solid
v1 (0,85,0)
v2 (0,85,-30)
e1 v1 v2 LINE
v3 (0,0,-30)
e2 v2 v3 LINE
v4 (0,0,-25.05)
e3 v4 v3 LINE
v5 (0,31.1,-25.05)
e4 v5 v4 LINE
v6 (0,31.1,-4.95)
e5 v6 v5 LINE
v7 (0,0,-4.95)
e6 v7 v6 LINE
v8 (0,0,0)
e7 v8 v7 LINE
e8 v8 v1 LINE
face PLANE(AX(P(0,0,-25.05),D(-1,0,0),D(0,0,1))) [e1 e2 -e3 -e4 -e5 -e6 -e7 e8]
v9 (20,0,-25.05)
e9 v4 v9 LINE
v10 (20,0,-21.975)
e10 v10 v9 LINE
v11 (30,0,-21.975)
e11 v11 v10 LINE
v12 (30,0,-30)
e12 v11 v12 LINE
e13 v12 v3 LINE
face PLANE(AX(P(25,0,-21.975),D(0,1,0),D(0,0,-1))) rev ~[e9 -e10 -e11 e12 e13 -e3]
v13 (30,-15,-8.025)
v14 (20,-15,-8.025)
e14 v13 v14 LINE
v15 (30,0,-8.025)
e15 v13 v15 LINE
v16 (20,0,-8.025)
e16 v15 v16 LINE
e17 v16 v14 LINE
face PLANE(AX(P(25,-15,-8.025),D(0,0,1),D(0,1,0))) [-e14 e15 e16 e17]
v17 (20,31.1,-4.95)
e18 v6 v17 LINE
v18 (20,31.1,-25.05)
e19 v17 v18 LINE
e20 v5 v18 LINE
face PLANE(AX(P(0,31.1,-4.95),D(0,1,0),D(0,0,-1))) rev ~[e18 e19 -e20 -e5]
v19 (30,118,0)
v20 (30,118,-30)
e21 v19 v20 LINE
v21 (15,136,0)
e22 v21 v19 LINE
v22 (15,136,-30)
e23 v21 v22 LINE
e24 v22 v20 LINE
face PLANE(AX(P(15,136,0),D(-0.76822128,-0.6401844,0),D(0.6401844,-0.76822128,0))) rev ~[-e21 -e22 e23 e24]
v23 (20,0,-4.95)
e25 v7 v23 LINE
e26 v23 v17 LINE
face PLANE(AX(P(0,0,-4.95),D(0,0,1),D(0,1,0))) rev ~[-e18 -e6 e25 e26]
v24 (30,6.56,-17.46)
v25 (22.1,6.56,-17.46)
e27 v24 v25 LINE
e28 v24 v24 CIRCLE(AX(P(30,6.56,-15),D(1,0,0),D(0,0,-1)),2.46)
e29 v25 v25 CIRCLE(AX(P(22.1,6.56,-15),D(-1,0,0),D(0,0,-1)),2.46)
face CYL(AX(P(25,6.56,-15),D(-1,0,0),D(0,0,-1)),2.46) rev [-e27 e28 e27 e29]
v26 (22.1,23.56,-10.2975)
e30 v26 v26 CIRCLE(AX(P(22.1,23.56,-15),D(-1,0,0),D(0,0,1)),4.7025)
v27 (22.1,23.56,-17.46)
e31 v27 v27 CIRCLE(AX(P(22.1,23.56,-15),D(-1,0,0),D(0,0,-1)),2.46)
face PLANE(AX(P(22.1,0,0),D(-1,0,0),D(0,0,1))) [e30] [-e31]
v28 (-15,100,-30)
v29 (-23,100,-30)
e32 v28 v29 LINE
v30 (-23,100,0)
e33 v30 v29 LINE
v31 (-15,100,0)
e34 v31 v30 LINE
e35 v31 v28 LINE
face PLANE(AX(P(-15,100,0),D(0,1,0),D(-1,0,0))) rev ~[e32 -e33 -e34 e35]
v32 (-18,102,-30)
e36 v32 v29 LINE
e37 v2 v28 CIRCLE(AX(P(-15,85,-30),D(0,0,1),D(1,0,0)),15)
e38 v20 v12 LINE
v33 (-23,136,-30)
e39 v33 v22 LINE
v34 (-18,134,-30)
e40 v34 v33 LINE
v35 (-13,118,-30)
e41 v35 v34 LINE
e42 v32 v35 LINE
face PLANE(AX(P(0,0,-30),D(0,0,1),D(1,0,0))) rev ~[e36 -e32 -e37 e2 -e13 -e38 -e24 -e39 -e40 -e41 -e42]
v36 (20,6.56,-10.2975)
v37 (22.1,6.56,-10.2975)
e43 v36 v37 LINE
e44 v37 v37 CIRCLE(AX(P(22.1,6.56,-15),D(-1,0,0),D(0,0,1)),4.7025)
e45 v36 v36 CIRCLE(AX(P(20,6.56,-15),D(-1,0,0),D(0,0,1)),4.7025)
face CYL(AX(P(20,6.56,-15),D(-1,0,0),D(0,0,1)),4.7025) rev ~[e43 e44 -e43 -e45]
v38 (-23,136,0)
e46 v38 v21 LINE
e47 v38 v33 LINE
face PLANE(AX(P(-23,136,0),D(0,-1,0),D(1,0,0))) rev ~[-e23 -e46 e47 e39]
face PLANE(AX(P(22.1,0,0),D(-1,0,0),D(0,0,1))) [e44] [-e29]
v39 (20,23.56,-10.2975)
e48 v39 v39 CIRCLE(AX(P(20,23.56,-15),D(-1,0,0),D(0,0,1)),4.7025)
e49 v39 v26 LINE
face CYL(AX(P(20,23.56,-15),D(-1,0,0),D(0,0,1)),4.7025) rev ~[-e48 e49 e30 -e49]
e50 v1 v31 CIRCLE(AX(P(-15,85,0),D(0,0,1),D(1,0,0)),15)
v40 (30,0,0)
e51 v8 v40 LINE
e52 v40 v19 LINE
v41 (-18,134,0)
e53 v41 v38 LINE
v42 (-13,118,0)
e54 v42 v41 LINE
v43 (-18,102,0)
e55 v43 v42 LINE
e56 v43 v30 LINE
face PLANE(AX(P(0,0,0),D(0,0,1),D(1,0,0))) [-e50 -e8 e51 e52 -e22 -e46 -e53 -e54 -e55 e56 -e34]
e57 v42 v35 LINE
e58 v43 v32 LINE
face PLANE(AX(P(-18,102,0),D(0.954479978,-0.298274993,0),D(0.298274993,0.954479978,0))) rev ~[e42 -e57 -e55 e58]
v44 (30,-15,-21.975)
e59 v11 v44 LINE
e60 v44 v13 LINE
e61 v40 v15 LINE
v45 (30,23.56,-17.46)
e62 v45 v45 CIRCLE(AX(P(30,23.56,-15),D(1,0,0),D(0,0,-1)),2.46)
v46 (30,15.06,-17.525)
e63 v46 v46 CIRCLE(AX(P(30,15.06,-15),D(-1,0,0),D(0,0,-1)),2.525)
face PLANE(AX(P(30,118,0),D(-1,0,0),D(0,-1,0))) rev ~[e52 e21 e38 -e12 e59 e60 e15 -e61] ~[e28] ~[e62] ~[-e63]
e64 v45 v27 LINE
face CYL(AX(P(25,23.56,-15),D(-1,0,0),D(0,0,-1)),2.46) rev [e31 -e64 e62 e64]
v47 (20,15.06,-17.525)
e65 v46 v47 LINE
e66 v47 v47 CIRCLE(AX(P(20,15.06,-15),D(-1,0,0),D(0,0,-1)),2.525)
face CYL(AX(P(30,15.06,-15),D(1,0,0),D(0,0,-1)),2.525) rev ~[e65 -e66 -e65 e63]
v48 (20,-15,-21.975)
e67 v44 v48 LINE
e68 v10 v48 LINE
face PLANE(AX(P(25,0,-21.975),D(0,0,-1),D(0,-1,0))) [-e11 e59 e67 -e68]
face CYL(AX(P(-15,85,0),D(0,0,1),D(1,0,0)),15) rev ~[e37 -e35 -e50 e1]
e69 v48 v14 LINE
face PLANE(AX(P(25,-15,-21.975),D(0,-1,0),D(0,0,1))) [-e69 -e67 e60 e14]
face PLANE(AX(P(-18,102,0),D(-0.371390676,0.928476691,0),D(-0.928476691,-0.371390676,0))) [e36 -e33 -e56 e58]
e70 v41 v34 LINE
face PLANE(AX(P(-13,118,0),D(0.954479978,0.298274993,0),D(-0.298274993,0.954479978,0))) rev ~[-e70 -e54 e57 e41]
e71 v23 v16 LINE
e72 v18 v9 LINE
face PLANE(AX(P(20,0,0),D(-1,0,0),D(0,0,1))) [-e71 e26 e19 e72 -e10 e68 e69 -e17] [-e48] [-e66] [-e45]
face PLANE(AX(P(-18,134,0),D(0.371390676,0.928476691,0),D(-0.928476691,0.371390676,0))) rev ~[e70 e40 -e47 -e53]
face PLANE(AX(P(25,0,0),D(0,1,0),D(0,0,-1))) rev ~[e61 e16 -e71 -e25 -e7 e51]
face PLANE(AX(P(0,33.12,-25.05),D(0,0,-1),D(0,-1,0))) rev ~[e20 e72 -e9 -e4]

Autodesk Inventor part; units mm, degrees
ref_plane "YZ Plane" through (0, 0, 0) normal (1, 0, 0) x (0, 1, 0)
ref_plane "XZ Plane" through (0, 0, 0) normal (0, 1, 0) x (-1, 0, 0)
ref_plane "XY Plane" through (0, 0, 0) normal (0, 0, 1) x (1, 0, 0)
sketch "Sketch1" plane through (0, 0, 0) normal (0, 0, 1) x (1, 0, 0)
  line L0 (0, 0) -> (25, 0)
  line L1 (25, 0) -> (25, 40)
  line L2 (25, 40) -> (0, 40)
  line L3 (0, 40) -> (0, 0)
  dimension "d1" = 25
  dimension "d2" = 40
  dimension "d3" = 25
extrude "Extrusion1" add sketch "Sketch1" against normal blind 30
sketch "Sketch2" plane through (25, 0, 0) normal (1, 0, 0) x (0, 0, -1)
  line L0 (0, 0) -> (30, 0) projected
  circle A0 centre (15, 6.56) radius 2.46
extrude "Extrusion2" cut sketch "Sketch2" against normal blind 30
sketch "Sketch3" plane through (0, 0, 0) normal (-1, 0, 0) x (0, 0, 1)
  line L0 (0, 0) -> (-30, 0) projected
  line L1 (-25.05, 0) -> (-4.95, 0)
  line L2 (-4.95, 0) -> (-4.95, 33.12)
  line L3 (-4.95, 33.12) -> (-25.05, 33.12)
  line L4 (-25.05, 33.12) -> (-25.05, 0)
  dimension "d11" = 20.1
extrude "Extrusion3" cut sketch "Sketch3" against normal blind 20
sketch "Sketch4" plane through (0, 0, 0) normal (0, -1, 0) x (1, 0, 0)
  line L0 (20, -4.95) -> (20, -25.05) projected
  line L1 (20, -15) -> (25, -15)
  line L2 (25, 0) -> (25, -30) projected
  line L3 (20, -8.025) -> (25, -8.025)
  line L4 (25, -8.025) -> (25, -21.975)
  line L5 (25, -21.975) -> (20, -21.975)
  line L6 (20, -21.975) -> (20, -8.025)
  line L7 (20, -8.025) -> (25, -21.975) construction
  line L8 (25, -8.025) -> (20, -21.975) construction
  line L9 (25, -12.54) -> (25, -17.46) projected
  point P0 (0, 0)
  point P1 (22.5, -15)
  dimension "d14" = 13.95
extrude "Extrusion4" add sketch "Sketch4" along normal blind 15
sketch "Sketch5" plane through (20, 0, 0) normal (-1, 0, 0) x (0, 0, 1)
  circle A0 centre (-15, 6.56) radius 2.46 projected
  circle A1 centre (-15, 6.56) radius 4.7025
  circle A2 centre (-15, 6.56) radius 2.46 projected
  circle A3 centre (-15, 6.56) radius 2.46
  point P0 (0, 0)
  dimension "d17" = 9.405
extrude "Extrusion5" cut sketch "Sketch5" against normal blind 2.1
sketch "Sketch6" plane through (25, 0, 0) normal (1, 0, 0) x (0, 0, -1)
  circle A0 centre (15, 6.56) radius 4.7025 projected
  line L0 (15, 6.56) -> (15, 23.56)
  circle A1 centre (15, 23.56) radius 2.46
  point P0 (0, 0)
  dimension "d20" = 17
  dimension "d21" = 4.92
extrude "Extrusion6" cut sketch "Sketch6" against normal blind 10 contours A1
sketch "Sketch7" plane through (20, 0, 0) normal (-1, 0, 0) x (0, 0, 1)
  circle A0 centre (-15, 23.56) radius 2.46 projected
  circle A1 centre (-15, 23.56) radius 4.7025
  point P0 (0, 0)
  dimension "d24" = 9.405
extrude "Extrusion7" cut sketch "Sketch7" against normal blind 2.1
sketch "Sketch9" plane through (25, 0, 0) normal (1, 0, 0) x (0, 0, -1)
  circle A0 centre (15, 6.56) radius 2.46 projected
  circle A1 centre (15, 6.56) radius 2.46
  circle A2 centre (15, 23.56) radius 2.46 projected
  circle A3 centre (15, 23.56) radius 2.46
  line L0 (30, 40) -> (30, 0) projected
  line L1 (30, 0) -> (30, 40)
  line L2 (30, 40) -> (0, 40)
  line L3 (0, 40) -> (0, 0)
  line L4 (0, 0) -> (8.025, 0) projected
  line L5 (21.975, 0) -> (21.975, -15)
  line L6 (21.975, -15) -> (8.025, -15)
  line L7 (8.025, -15) -> (8.025, 0)
  line L8 (0, 0) -> (8.025, 0)
  line L9 (21.975, 0) -> (30, 0)
extrude "Extrusion8" add sketch "Sketch9" along normal blind 5
sketch "Sketch10" plane through (0, 40, 0) normal (0, 1, 0) x (1, 0, 0)
  line L0 (0, 30) -> (30, 30) projected
  line L1 (30, 0) -> (0, 0) projected
  line L2 (0, 30) -> (30, 30)
  line L3 (30, 30) -> (30, 0)
  line L4 (30, 0) -> (0, 0)
  line L5 (0, 0) -> (0, 30)
extrude "Extrusion9" add sketch "Sketch10" along normal blind 30
sketch "Sketch12" plane through (30, 0, 0) normal (1, 0, 0) x (0, 0, -1)
  circle A0 centre (15, 6.56) radius 2.46 projected
  line L0 (15, 6.56) -> (15, 15.06)
  circle A1 centre (15, 15.06) radius 2.525
  point P0 (0, 0)
  dimension "d31" = 8.5
  dimension "d33" = 5.05
extrude "Extrusion10" cut sketch "Sketch12" against normal blind 30 contours A1
sketch "Sketch14" plane through (0, 0, 0) normal (0, 0, 1) x (1, 0, 0)
  line L0 (30, 70) -> (0, 70) projected
  line L1 (0, 70) -> (0, 85)
  line L2 (-15, 100) -> (-23, 100)
  line L3 (30, 0) -> (30, 70) projected
  line L4 (30, 118) -> (30, 70)
  arc A0 (0, 85) -> (-15, 100) centre (-15, 85) ccw
  line L5 (30, 105) -> (30, 100)
  line L6 (-18, 134) -> (-23, 136)
  line L7 (-18, 102) -> (-23, 100)
  line L8 (-18, 102) -> (-13, 118)
  line L9 (-13, 118) -> (-18, 134)
  line L10 (15, 136) -> (30, 118)
  line L11 (-23, 136) -> (15, 136)
  point P0 (0, 0)
  point P1 (0, 100)
  dimension "d47" = 30
  dimension "d54" = 15
extrude "Extrusion12" add sketch "Sketch14" against normal blind 30
sketch "Sketch15" plane through (0, 0, -25.05) normal (-1, 0, 0) x (0, 0, 1)
  line L0 (0, 33.12) -> (20.1, 33.12) projected
  line L1 (20.1, 33.12) -> (20.1, 0) projected
  line L2 (0, 33.12) -> (20.1, 33.12)
  line L3 (20.1, 33.12) -> (20.1, 31.1)
  line L4 (20.1, 31.1) -> (0, 31.1)
  line L5 (0, 31.1) -> (0, 33.12)
  point P0 (25.05, 0)
  dimension "d57" = 2.02
extrude "Extrusion13" add sketch "Sketch15" against normal blind 20
properties part number "rec_a_32mm_x_30mm"
